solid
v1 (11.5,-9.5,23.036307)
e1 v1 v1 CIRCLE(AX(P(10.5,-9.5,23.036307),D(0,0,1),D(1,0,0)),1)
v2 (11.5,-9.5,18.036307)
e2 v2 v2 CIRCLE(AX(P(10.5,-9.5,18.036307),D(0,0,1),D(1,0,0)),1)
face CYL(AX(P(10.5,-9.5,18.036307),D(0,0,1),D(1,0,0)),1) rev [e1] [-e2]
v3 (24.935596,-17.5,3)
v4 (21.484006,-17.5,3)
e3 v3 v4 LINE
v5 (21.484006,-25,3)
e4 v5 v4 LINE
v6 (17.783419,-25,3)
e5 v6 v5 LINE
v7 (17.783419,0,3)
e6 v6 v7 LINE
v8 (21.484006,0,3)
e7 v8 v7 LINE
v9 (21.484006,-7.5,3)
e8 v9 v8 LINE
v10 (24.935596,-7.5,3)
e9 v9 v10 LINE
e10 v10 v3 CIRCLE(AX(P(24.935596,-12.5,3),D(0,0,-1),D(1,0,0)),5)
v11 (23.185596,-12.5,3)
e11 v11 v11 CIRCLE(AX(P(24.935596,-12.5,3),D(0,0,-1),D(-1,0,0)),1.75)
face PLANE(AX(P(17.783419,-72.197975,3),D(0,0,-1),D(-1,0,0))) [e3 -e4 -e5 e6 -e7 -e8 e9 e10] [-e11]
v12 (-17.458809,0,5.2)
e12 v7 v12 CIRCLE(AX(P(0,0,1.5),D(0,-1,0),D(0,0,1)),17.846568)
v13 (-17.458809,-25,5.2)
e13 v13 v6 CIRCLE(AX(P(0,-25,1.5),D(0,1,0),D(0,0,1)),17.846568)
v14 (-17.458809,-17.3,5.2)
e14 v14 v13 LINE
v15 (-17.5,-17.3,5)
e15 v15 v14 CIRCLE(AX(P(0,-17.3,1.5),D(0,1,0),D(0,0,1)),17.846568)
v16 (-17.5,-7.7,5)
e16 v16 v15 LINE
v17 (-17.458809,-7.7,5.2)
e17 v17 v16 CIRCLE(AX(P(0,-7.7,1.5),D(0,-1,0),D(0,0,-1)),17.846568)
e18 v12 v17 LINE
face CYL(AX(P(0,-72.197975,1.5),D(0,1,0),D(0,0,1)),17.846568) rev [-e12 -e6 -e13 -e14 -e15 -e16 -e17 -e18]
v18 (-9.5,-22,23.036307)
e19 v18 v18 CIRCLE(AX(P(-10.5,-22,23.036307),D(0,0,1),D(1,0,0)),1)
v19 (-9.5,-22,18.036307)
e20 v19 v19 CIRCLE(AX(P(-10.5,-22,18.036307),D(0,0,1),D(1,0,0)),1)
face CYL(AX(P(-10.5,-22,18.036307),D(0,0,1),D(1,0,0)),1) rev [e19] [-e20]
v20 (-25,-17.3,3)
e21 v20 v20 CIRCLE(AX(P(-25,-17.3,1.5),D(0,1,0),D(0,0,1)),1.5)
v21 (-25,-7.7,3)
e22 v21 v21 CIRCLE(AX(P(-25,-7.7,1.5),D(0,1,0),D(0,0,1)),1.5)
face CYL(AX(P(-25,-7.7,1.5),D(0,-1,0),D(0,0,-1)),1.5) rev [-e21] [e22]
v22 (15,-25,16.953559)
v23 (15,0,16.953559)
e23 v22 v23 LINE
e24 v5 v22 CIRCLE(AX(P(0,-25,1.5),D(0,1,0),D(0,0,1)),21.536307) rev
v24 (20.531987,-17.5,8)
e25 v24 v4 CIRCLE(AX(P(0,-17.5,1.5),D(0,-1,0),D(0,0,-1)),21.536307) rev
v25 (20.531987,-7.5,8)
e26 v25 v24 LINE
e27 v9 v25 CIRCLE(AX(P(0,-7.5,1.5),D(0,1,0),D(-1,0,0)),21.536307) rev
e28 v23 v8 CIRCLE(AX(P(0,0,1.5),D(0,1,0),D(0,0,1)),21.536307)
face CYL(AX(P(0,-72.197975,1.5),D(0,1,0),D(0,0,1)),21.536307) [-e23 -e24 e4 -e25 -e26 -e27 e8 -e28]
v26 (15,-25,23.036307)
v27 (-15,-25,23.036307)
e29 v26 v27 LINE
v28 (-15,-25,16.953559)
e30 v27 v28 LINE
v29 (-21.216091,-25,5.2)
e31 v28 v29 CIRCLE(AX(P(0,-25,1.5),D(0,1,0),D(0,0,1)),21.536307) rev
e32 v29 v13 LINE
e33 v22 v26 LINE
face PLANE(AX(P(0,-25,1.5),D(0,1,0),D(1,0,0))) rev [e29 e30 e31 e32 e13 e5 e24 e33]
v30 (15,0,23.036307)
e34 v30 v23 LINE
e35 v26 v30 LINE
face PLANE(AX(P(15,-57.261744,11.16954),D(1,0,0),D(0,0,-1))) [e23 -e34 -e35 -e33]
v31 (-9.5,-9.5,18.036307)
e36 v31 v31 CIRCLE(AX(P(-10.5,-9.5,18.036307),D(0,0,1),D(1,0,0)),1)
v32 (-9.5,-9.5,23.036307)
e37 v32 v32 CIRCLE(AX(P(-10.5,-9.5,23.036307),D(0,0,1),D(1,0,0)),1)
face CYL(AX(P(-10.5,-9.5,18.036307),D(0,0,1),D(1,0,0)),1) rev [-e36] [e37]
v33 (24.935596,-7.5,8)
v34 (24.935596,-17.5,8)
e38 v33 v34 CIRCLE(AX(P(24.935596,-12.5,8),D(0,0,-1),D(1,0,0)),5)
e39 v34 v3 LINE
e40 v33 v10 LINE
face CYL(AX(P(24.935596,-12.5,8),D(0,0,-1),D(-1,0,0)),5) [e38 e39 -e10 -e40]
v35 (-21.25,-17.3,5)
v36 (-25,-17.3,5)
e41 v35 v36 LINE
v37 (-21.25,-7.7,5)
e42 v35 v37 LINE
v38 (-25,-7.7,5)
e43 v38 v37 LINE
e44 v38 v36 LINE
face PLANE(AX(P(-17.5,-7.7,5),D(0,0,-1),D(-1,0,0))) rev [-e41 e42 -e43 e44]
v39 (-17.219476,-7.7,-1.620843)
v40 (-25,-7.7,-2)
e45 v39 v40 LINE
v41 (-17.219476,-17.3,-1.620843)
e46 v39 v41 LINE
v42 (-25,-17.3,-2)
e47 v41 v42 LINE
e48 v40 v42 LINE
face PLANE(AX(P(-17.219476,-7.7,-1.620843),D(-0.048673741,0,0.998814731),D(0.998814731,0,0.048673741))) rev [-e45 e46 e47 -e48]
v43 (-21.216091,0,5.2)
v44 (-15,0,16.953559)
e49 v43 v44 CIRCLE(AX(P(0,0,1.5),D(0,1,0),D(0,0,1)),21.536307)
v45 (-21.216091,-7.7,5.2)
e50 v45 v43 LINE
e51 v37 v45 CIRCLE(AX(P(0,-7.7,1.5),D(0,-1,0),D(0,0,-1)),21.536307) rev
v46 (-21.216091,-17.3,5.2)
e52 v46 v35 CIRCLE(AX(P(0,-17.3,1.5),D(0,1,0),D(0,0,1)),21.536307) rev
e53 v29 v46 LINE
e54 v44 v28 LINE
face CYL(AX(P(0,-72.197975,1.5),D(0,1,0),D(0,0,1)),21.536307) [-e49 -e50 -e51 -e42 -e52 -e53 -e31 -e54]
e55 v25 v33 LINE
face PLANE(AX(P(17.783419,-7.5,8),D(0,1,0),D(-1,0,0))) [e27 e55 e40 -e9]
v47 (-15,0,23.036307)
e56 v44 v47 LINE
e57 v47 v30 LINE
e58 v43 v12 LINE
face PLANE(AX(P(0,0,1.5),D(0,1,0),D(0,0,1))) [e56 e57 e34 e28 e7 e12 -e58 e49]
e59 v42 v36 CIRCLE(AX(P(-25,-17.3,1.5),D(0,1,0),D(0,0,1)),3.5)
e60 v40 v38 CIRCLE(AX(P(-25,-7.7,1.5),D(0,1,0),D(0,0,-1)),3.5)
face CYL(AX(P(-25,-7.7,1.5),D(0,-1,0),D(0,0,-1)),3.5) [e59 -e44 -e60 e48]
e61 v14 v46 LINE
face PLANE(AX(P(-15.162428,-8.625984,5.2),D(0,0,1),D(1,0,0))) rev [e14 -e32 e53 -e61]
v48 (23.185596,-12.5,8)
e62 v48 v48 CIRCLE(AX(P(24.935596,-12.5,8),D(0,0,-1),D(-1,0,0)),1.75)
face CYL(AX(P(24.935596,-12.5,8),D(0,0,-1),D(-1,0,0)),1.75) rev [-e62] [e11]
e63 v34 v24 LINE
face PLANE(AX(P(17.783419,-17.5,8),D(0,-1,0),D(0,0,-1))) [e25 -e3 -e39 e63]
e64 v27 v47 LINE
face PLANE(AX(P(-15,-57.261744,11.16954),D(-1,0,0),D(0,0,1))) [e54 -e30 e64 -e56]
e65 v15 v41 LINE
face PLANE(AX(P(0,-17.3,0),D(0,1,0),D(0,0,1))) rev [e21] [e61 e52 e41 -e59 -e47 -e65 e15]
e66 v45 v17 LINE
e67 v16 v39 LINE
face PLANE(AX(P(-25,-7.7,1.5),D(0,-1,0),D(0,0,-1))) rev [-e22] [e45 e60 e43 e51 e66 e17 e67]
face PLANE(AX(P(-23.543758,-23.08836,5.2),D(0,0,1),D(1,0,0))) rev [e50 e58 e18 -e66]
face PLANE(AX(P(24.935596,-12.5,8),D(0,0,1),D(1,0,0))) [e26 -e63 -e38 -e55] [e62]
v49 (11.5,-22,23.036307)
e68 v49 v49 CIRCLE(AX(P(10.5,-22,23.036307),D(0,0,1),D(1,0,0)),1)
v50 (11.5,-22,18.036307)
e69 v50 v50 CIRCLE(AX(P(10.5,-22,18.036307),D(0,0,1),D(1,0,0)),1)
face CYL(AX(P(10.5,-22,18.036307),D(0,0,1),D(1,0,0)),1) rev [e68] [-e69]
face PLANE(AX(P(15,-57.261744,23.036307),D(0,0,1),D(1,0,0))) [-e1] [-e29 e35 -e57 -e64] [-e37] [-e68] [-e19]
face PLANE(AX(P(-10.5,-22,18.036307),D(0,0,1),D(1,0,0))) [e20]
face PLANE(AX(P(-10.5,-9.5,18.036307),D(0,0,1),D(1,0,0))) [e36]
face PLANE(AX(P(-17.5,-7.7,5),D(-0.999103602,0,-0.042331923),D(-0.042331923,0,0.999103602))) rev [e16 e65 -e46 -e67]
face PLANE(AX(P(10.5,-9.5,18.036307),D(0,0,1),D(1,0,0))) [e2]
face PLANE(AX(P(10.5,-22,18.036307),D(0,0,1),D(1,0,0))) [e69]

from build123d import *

# Parameters (mm, degrees)
BOSS_EXTRU_1_DEPTH      = 25
ESQUISSE2_R             = 1.5
BOSS_EXTRU_2_DEPTH      = 9.8
ESQUISSE3_W             = 31.176753694
ESQUISSE3_H             = 17.849543287
ENL_V_MAT_EXTRU_2_DEPTH = 0.2
ESQUISSE4_R             = 1.75
BOSS_EXTRU_3_DEPTH      = 5
ESQUISSE5_W             = 14.938362126
ESQUISSE5_H             = 3.694178454
ENL_V_MAT_EXTRU_3_DEPTH = 7.7
ESQUISSE6_W             = 7.972464104
ESQUISSE6_H             = 3.417362688
ENL_V_MAT_EXTRU_4_DEPTH = 7.7
BOSS_EXTRU_4_DEPTH      = 25
ESQUISSE8_R             = 1
ENL_V_MAT_EXTRU_5_DEPTH = 5


with BuildPart() as part:
    # Esquisse1 → Boss.-Extru.1 (new body)
    with BuildSketch(Plane(origin=(0, 0, 0), x_dir=(1, 0, 0), z_dir=(0, 1, 0))):
        with BuildLine():
            Line((17.783419244, -3), (21.484005679, -3))
            ThreePointArc((21.484005679, -3), (1.006821565, -23.012759245), (-21.25, -5))
            Line((-21.25, -5), (-17.5, -5))
            ThreePointArc((-17.5, -5), (1.009990899, -19.317966169), (17.783419244, -3))
        make_face()
    extrude(amount=-BOSS_EXTRU_1_DEPTH)

    # Esquisse2 → Boss.-Extru.2 (add)
    with BuildSketch(Plane(origin=(0, -17.5, 0), x_dir=(1, 0, 0), z_dir=(0, 1, 0))):
        with BuildLine():
            Line((-17.5, -5), (-25, -5))
            ThreePointArc((-25, -5), (-28.5, -1.5), (-25, 2))
            Line((-25, 2), (-17.219475506, 1.620843362))
            Line((-17.219475506, 1.620843362), (-17.5, -5))
        make_face()
        with Locations((-25, -1.5)):
            Circle(ESQUISSE2_R, mode=Mode.SUBTRACT)
    extrude(amount=BOSS_EXTRU_2_DEPTH)

    # Esquisse3 → Enlèv. mat.-Extru.2 (cut)
    with BuildSketch(Plane.XZ.offset(17.5)):
        with Locations((-26.283313767, -3.924771644)):
            Rectangle(ESQUISSE3_W, ESQUISSE3_H)
    extrude(amount=-ENL_V_MAT_EXTRU_2_DEPTH, mode=Mode.SUBTRACT)

    # Esquisse4 → Boss.-Extru.3 (add)
    with BuildSketch(Plane(origin=(0, 0, 3), x_dir=(-1, 0, 0), z_dir=(0, 0, -1))):
        with BuildLine():
            Line((-17.783419244, -17.5), (-24.935595774, -17.5))
            ThreePointArc((-24.935595774, -17.5), (-29.935595774, -12.5), (-24.935595774, -7.5))
            Line((-24.935595774, -7.5), (-17.783419244, -7.5))
            Line((-17.783419244, -7.5), (-17.783419244, -17.5))
        make_face()
        with Locations((-24.935595774, -12.5)):
            Circle(ESQUISSE4_R, mode=Mode.SUBTRACT)
    extrude(amount=-BOSS_EXTRU_3_DEPTH)

    # Esquisse5 → Enlèv. mat.-Extru.3 (cut)
    with BuildSketch(Plane(origin=(0, 0, 0), x_dir=(1, 0, 0), z_dir=(0, 1, 0))):
        with Locations((-16.074576592, -3.352910773)):
            Rectangle(ESQUISSE5_W, ESQUISSE5_H)
    extrude(amount=-ENL_V_MAT_EXTRU_3_DEPTH, mode=Mode.SUBTRACT)

    # Esquisse6 → Enlèv. mat.-Extru.4 (cut)
    with BuildSketch(Plane.XZ.offset(25)):
        with Locations((-19.148660485, 3.491318656)):
            Rectangle(ESQUISSE6_W, ESQUISSE6_H)
    extrude(amount=-ENL_V_MAT_EXTRU_4_DEPTH, mode=Mode.SUBTRACT)

    # Esquisse7 → Boss.-Extru.4 (add)
    with BuildSketch(Plane(origin=(0, 0, 0), x_dir=(1, 0, 0), z_dir=(0, 1, 0))):
        with BuildLine():
            Line((15, -11.169539803), (15, -23.036306554))
            Line((15, -23.036306554), (-15, -23.036306554))
            Line((-15, -23.036306554), (-15, -11.169539803))
            ThreePointArc((-15, -11.169539803), (0, -19.346568298), (15, -11.169539803))
        make_face()
    extrude(amount=-BOSS_EXTRU_4_DEPTH)

    # Esquisse8 → Enlèv. mat.-Extru.5 (cut)
    with BuildSketch(Plane.XY.offset(23.036306554)):
        with Locations((10.5, -22)):
            Circle(ESQUISSE8_R)
        with Locations((-10.5, -22)):
            Circle(ESQUISSE8_R)
        with Locations((10.5, -9.5)):
            Circle(ESQUISSE8_R)
        with Locations((-10.5, -9.5)):
            Circle(ESQUISSE8_R)
    extrude(amount=-ENL_V_MAT_EXTRU_5_DEPTH, mode=Mode.SUBTRACT)


solid = part.part
